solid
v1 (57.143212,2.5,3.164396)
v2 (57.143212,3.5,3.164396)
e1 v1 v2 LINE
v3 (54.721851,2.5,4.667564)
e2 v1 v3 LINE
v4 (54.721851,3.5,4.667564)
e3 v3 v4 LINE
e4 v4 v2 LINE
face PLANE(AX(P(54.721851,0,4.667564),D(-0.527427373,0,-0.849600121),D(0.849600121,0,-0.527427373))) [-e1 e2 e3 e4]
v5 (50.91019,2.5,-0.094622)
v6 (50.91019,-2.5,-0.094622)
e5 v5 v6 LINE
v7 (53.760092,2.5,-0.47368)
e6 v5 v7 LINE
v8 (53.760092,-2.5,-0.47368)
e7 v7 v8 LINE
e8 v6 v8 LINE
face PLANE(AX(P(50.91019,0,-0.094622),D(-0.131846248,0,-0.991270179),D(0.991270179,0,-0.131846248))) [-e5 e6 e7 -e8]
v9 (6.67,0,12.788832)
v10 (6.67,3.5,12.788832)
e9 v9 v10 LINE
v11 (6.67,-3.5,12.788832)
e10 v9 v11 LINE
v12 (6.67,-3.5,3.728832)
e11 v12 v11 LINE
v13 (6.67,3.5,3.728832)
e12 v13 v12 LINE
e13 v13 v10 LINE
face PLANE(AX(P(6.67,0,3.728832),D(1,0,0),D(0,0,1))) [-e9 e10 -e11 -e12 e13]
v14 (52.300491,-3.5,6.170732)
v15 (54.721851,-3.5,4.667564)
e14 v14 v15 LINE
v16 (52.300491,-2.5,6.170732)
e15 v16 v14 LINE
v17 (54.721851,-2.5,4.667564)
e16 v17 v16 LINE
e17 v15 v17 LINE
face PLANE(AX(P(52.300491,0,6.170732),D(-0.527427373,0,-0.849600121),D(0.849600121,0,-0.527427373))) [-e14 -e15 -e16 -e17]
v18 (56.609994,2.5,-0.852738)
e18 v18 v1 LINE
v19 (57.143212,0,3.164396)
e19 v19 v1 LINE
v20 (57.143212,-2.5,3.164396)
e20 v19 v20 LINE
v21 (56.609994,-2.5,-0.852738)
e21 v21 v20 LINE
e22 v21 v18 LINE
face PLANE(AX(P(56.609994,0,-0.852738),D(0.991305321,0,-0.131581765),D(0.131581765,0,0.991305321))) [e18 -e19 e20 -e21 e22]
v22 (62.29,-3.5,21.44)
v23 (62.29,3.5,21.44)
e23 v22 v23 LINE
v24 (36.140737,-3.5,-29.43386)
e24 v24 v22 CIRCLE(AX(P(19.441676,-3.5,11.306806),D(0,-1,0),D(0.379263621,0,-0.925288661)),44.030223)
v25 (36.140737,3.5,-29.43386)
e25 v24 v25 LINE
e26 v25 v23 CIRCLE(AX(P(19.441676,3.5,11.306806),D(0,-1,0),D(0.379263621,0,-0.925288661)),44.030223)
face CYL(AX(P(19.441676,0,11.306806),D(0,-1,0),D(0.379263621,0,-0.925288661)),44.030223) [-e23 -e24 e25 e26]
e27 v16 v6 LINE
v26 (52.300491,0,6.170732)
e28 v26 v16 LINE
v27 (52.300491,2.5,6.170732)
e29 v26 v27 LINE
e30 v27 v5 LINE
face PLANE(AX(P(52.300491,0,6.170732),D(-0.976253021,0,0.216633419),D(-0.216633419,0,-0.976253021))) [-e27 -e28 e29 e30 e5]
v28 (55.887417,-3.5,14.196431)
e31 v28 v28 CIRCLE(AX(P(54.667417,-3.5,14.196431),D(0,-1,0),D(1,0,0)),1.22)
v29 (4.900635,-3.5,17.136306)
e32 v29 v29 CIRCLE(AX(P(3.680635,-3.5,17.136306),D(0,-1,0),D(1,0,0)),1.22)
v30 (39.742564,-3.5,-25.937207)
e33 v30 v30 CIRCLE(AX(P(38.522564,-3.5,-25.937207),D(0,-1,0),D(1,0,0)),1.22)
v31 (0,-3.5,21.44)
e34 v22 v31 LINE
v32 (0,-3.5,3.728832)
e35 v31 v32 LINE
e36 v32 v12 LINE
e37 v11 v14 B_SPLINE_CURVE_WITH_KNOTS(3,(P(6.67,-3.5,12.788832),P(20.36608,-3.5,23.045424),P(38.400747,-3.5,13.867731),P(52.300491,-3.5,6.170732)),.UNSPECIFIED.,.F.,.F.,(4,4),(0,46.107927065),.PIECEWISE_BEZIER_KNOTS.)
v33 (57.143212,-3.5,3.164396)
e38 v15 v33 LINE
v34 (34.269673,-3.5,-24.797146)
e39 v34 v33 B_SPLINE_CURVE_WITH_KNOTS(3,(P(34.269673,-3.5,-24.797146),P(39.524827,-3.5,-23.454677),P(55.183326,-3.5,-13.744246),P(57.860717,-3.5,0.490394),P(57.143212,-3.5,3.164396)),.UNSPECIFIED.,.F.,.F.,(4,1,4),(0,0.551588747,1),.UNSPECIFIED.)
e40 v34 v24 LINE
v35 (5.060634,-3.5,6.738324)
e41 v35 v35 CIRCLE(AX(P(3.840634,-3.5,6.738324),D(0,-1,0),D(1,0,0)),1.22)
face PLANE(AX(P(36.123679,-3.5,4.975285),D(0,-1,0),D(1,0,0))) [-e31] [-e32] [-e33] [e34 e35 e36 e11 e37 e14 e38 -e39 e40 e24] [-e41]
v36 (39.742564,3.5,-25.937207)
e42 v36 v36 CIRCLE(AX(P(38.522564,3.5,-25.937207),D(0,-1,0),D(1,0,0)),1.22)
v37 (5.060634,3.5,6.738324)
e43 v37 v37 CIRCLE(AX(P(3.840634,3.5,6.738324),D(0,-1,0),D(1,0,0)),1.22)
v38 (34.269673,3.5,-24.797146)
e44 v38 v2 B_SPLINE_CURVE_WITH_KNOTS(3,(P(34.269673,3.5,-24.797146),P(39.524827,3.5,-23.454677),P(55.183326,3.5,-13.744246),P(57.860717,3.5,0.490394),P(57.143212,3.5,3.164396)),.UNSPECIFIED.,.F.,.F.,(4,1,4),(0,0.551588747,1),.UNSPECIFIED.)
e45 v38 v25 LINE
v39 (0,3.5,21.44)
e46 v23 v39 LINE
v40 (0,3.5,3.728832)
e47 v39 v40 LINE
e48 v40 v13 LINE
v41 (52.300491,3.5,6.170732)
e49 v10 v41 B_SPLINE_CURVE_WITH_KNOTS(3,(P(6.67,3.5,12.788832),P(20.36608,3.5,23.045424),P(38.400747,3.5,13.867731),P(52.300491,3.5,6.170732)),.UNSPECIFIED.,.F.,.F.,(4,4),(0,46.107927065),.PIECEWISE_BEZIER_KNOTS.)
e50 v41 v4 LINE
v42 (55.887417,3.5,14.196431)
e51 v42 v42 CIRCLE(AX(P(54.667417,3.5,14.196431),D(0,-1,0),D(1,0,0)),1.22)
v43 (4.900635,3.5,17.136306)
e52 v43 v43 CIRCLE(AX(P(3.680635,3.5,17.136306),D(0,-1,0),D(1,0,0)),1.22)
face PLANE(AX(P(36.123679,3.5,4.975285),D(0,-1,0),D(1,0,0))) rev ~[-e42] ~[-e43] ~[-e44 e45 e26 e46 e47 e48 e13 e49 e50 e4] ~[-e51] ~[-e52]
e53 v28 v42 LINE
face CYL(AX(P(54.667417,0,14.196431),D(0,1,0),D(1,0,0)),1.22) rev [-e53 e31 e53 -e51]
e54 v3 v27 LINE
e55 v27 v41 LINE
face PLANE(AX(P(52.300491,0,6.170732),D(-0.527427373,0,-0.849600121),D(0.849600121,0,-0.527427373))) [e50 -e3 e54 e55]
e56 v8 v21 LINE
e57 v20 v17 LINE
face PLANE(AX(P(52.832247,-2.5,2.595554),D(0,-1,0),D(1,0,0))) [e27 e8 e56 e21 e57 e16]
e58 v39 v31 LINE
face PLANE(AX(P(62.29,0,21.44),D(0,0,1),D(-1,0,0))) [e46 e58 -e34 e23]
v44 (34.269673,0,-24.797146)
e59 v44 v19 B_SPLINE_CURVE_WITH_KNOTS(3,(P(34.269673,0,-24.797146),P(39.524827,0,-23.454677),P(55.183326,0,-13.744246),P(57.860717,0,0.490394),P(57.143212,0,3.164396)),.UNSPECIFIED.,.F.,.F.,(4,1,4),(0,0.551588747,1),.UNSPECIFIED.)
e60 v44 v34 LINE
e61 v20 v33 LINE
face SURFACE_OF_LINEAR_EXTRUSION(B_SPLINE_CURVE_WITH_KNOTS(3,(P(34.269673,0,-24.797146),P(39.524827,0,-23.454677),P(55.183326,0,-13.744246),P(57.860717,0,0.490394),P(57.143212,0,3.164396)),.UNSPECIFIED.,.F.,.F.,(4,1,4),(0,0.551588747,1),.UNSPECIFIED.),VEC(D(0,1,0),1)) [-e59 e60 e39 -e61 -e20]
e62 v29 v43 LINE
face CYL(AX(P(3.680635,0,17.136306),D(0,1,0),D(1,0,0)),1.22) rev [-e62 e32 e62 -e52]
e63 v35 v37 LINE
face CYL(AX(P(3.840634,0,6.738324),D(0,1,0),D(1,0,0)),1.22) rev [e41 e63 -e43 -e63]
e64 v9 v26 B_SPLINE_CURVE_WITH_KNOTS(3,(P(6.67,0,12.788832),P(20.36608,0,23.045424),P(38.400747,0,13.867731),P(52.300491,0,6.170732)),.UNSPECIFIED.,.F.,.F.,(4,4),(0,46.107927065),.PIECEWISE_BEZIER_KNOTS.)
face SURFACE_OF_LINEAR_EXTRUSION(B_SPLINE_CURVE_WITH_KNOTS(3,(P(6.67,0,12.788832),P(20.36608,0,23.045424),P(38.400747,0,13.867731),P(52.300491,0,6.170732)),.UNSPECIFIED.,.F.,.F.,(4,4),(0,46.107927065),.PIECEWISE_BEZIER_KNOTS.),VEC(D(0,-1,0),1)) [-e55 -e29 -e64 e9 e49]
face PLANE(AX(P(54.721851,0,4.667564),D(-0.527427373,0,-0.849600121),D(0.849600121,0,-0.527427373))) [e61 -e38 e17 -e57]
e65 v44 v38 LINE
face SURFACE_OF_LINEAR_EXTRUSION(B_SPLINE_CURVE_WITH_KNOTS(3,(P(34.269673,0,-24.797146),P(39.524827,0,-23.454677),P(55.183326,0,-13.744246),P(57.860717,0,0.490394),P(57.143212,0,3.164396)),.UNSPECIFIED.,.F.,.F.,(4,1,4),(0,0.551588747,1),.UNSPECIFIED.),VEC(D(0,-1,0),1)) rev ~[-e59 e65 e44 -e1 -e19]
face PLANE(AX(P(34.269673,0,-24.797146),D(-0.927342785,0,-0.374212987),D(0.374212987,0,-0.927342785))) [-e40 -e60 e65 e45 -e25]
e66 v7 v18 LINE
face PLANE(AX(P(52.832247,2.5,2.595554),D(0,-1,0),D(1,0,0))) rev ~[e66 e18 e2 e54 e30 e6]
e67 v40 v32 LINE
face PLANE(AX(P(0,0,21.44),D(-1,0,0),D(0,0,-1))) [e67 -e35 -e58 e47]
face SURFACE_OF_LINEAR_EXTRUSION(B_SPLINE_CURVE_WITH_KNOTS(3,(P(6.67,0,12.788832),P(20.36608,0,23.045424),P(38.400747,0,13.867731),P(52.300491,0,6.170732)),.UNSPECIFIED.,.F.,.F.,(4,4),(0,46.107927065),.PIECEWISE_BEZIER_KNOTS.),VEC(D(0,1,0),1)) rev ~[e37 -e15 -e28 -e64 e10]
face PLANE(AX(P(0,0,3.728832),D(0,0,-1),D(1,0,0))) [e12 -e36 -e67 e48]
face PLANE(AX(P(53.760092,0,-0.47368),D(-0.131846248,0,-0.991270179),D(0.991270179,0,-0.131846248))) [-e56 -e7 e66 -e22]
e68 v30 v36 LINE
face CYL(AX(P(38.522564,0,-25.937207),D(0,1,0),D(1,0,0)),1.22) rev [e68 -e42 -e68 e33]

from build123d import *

# Parameters (mm, degrees)
F0_R     = 1.22
F1_DEPTH = 3.5
F2_DEPTH = 2.5


with BuildPart() as f1:
    # F0 (on Front) → F1 (new body, symmetric)
    with BuildSketch(Plane.XZ):
        with BuildLine():
            Line((62.29, 21.44), (0, 21.44))
            Line((0, 21.44), (0, 3.7288318854))
            Line((0, 3.7288318854), (6.67, 3.7288318854))
            Line((6.67, 3.7288318854), (6.67, 12.7888318854))
            add(Edge.make_bspline(
                [(6.67, 12.7888318854), (20.3660801053, 23.045424372), (38.400747317, 13.8677307047), (52.300490874, 6.170732399)],
                knots=[0, 0, 0, 0, 46.1079270648, 46.1079270648, 46.1079270648, 46.1079270648], degree=3))
            Line((52.300490874, 6.170732399), (54.7218512199, 4.6675643861))
            Line((54.7218512199, 4.6675643861), (57.1432115659, 3.1643963732))
            add(Edge.make_bspline(
                [(34.2696725523, -24.7971460684), (39.5248273429, -23.4546774163), (55.1833263354, -13.7442464059), (57.8607167945, 0.4903943708), (57.1432115659, 3.1643963732)],
                knots=[0, 0, 0, 0, 0.5515887475, 1, 1, 1, 1], degree=3))
            Line((34.2696725523, -24.7971460684), (36.1407374849, -29.433859993))
            ThreePointArc((36.1407374849, -29.433859993), (58.6017345208, -8.8215401762), (62.29, 21.44))
        make_face()
        with Locations((38.5225638747, -25.9372070432)):
            Circle(F0_R, mode=Mode.SUBTRACT)
        with Locations((3.8406343665, 6.7383237183)):
            Circle(F0_R, mode=Mode.SUBTRACT)
        with Locations((3.6806345452, 17.1363055706)):
            Circle(F0_R, mode=Mode.SUBTRACT)
        with Locations((54.66741696, 14.1964312643)):
            Circle(F0_R, mode=Mode.SUBTRACT)
    extrude(amount=F1_DEPTH, both=True)

    # F0 (on Front) → F2 (join, symmetric)
    with BuildSketch(Plane.XZ):
        Polygon((54.7218512199, 4.6675643861), (52.300490874, 6.170732399), (50.9101902152, -0.09462234), (53.7600919787, -0.4736803018), align=None)
        Polygon((56.6099937422, -0.8527382635), (57.1432115659, 3.1643963732), (54.7218512199, 4.6675643861), (53.7600919787, -0.4736803018), align=None)
    extrude(amount=F2_DEPTH, both=True)


solid = f1.part
